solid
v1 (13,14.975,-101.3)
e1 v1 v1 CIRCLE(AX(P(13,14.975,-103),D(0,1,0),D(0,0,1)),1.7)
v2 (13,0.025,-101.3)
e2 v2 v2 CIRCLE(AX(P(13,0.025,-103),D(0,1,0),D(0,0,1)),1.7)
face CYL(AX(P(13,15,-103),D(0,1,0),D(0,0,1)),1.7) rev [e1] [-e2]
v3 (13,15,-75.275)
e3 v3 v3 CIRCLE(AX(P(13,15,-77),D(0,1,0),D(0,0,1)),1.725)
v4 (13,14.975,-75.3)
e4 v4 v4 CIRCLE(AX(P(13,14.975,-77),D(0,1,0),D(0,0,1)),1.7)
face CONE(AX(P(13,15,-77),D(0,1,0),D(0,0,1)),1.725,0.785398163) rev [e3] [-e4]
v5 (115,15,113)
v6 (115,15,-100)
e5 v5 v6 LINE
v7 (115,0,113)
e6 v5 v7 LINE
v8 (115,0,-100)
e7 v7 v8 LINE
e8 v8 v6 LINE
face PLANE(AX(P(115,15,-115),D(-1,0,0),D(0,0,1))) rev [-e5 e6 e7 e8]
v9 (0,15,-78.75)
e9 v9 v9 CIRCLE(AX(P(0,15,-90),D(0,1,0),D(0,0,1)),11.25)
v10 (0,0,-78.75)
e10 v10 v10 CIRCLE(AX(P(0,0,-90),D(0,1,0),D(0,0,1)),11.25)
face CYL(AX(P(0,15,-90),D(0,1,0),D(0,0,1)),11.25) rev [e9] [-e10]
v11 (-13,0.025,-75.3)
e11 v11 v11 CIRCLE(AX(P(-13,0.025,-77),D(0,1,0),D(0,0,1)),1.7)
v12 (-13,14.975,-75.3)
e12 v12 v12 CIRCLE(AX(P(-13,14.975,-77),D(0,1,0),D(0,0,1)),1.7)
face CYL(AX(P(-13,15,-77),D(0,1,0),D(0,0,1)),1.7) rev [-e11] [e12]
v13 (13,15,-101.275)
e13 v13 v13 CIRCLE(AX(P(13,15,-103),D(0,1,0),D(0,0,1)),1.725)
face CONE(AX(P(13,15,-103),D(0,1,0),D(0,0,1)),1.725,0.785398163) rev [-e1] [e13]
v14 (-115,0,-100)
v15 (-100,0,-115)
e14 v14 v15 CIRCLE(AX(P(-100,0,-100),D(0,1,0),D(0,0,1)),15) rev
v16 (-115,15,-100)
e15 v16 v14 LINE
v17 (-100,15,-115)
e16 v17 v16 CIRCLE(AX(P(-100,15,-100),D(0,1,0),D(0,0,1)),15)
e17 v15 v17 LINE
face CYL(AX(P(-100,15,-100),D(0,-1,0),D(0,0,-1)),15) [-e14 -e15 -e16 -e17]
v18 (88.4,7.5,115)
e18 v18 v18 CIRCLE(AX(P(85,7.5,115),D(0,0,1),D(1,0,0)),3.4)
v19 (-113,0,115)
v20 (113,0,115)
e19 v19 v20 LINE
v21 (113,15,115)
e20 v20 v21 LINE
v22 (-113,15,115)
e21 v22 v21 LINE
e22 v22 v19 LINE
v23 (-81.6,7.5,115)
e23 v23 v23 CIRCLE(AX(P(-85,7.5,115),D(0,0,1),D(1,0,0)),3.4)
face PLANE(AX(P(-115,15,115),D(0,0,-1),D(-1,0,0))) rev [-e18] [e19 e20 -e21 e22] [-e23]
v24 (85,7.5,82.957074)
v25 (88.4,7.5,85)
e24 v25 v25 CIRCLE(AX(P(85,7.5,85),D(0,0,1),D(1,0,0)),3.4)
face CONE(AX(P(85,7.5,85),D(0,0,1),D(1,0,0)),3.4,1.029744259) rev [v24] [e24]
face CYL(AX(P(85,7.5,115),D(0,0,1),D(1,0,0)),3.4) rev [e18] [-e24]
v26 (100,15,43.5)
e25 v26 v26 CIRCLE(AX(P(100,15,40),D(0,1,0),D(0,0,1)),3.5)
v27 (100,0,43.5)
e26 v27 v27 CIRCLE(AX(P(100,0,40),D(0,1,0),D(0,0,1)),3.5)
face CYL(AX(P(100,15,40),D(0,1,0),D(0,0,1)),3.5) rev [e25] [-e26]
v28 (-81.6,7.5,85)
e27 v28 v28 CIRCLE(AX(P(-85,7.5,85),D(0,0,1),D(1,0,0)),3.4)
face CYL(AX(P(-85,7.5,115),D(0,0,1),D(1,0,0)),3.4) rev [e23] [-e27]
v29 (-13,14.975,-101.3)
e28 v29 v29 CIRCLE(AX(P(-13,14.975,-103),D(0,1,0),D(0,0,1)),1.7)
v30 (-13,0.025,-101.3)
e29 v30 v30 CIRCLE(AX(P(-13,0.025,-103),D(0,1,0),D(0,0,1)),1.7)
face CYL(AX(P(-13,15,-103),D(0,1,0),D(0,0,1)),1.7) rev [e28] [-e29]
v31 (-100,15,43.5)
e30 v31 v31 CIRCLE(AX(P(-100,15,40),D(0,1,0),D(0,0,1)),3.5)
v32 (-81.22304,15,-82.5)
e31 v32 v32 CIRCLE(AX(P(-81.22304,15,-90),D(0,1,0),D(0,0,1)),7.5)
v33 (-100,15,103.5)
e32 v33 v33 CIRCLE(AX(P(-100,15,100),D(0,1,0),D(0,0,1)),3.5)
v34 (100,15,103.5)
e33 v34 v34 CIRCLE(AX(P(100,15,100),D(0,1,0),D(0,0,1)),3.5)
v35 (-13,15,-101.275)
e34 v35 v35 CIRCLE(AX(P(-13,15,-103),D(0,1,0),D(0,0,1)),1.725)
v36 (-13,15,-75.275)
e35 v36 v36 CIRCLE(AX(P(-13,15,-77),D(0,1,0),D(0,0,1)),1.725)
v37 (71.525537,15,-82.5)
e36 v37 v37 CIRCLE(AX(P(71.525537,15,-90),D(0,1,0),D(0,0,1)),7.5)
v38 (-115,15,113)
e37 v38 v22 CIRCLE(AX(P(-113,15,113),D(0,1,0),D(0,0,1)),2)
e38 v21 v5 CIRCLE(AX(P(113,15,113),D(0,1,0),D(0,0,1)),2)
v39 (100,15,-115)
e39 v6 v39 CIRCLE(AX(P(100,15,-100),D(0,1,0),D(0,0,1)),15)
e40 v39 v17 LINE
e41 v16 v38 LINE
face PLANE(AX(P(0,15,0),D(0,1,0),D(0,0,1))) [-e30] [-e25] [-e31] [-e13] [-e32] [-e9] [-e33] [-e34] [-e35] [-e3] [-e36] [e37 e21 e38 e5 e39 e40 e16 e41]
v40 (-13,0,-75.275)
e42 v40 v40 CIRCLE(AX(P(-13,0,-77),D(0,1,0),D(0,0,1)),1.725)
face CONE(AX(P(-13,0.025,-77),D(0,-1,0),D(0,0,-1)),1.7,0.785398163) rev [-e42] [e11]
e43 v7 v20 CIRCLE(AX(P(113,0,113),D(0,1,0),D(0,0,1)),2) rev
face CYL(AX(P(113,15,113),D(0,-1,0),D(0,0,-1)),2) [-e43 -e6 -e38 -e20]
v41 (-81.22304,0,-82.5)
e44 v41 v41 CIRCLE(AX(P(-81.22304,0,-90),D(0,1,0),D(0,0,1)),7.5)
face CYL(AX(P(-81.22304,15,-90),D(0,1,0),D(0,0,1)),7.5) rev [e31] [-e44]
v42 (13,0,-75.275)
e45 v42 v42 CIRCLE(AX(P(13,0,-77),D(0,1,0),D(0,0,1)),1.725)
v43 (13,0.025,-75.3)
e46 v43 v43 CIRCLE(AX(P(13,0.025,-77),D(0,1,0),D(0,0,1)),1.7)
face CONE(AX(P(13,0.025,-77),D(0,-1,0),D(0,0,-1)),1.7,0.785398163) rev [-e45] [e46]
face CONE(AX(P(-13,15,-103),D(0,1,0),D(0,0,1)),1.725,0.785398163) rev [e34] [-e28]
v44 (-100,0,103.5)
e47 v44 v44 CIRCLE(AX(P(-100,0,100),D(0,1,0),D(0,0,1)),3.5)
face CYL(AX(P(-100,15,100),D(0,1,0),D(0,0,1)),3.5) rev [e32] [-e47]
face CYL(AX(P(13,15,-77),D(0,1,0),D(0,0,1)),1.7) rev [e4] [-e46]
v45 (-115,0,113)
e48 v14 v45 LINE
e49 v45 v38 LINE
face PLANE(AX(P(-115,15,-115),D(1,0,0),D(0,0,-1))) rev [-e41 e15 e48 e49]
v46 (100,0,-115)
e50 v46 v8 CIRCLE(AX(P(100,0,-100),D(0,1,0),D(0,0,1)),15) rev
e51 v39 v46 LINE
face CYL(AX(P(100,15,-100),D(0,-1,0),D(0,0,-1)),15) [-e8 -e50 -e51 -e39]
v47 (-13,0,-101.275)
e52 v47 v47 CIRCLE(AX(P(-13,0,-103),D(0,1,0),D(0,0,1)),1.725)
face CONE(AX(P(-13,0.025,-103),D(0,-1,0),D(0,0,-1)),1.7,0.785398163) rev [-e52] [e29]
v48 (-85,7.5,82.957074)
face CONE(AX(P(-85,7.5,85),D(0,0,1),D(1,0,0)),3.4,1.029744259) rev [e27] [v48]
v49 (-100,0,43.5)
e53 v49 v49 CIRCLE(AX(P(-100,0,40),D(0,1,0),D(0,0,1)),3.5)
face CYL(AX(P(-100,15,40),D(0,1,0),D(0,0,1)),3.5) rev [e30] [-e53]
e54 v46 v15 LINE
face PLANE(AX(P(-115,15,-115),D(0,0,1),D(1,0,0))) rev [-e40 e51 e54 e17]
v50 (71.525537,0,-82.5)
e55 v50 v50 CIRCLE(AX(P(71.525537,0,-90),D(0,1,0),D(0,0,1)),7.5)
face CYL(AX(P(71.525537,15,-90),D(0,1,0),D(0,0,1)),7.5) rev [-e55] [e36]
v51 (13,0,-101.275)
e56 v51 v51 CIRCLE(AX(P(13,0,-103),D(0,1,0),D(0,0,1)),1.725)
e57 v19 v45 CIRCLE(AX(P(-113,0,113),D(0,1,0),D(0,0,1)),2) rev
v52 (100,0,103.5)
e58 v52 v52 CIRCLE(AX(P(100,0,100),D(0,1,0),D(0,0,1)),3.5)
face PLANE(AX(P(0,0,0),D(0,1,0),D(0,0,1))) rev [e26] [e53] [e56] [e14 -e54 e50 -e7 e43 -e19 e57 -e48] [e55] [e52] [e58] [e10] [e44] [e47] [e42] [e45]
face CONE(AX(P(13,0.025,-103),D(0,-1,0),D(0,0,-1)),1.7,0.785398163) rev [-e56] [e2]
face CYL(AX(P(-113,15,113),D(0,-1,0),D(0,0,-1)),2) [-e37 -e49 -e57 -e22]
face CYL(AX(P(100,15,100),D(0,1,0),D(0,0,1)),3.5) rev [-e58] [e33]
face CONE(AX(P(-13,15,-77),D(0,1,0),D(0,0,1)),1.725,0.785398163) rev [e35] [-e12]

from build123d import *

# Parameters (mm, degrees)
SKIZZE1_W                                 = 230
SKIZZE1_H                                 = 230
AUFSATZ_LINEAR_AUSTRAGEN1_DEPTH           = 15
F_15_0_15_DURCHMESSER_BOHRUNG1_D          = 15
F_3_4_3_4_DURCHMESSER_BOHRUNG1_AT_2_COUNT = 2
F_3_4_3_4_DURCHMESSER_BOHRUNG1_AT_2_PITCH = 26
F_3_4_3_4_DURCHMESSER_BOHRUNG1_AT_3_COUNT = 2
F_3_4_3_4_DURCHMESSER_BOHRUNG1_AT_3_PITCH = 26
F_3_4_3_4_DURCHMESSER_BOHRUNG1_AT_4_COUNT = 2
F_3_4_3_4_DURCHMESSER_BOHRUNG1_AT_4_PITCH = 36.769552622
F_22_5_22_5_DURCHMESSER_BOHRUNG1_D        = 22.5
F_7_0_7_DURCHMESSER_BOHRUNG1_D            = 7
VERRUNDUNG5_R                             = 15
VERRUNDUNG6_R                             = 2
M8_GEWINDEBOHRUNG1_D                      = 6.8
M8_GEWINDEBOHRUNG1_DEPTH                  = 30
M8_GEWINDEBOHRUNG1_TIP                    = 2.042926105


with BuildPart() as part:
    # Skizze1 → Aufsatz-Linear austragen1 (new body)
    with BuildSketch(Plane(origin=(0, 0, 0), x_dir=(1, 0, 0), z_dir=(0, 1, 0))):
        Rectangle(SKIZZE1_W, SKIZZE1_H)
    extrude(amount=AUFSATZ_LINEAR_AUSTRAGEN1_DEPTH)

    # Ø15.0 (15) Durchmesser Bohrung1 (through all)
    with Locations(Plane(origin=(0, 15, 0), x_dir=(1, 0, 0), z_dir=(0, 1, 0))):
        with Locations((-81.223039609, 90), (71.525536654, 90)):
            Hole(F_15_0_15_DURCHMESSER_BOHRUNG1_D / 2)

    # Skizze9 → Ø3.4 (3.4) Durchmesser Bohrung1 (revolve, cut)
    with BuildSketch(Plane(origin=(-13, 15, -103), x_dir=(0, 0, 1), z_dir=(1, 0, 0))):
        Polygon((0, 0), (0, 15), (1.725, 15), (1.7, 14.975), (1.7, 0.025), (1.725, 0), align=None)
    f_3_4_3_4_durchmesser_bohrung1 = revolve(axis=Axis((-13, 21.35, -103), (0, -1, 0)), mode=Mode.SUBTRACT)

    # Ø3.4 (3.4) Durchmesser Bohrung1 at 2: Ø3.4 (3.4) Durchmesser Bohrung1 ×2
    with Locations(*[(i * F_3_4_3_4_DURCHMESSER_BOHRUNG1_AT_2_PITCH, 0, 0) for i in range(1, F_3_4_3_4_DURCHMESSER_BOHRUNG1_AT_2_COUNT)]):
        add(f_3_4_3_4_durchmesser_bohrung1, mode=Mode.SUBTRACT)

    # Ø3.4 (3.4) Durchmesser Bohrung1 at 3: Ø3.4 (3.4) Durchmesser Bohrung1 ×2
    with Locations(*[(0, 0, i * F_3_4_3_4_DURCHMESSER_BOHRUNG1_AT_3_PITCH) for i in range(1, F_3_4_3_4_DURCHMESSER_BOHRUNG1_AT_3_COUNT)]):
        add(f_3_4_3_4_durchmesser_bohrung1, mode=Mode.SUBTRACT)

    # Ø3.4 (3.4) Durchmesser Bohrung1 at 4: Ø3.4 (3.4) Durchmesser Bohrung1 ×2
    with Locations(*[Vector(0.7071067811865476, 0, 0.7071067811865475) * (i * F_3_4_3_4_DURCHMESSER_BOHRUNG1_AT_4_PITCH) for i in range(1, F_3_4_3_4_DURCHMESSER_BOHRUNG1_AT_4_COUNT)]):
        add(f_3_4_3_4_durchmesser_bohrung1, mode=Mode.SUBTRACT)

    # Ø22.5 (22.5) Durchmesser Bohrung1 (through all)
    with Locations(Plane(origin=(0, 15, 0), x_dir=(1, 0, 0), z_dir=(0, 1, 0))):
        with Locations((0, 90)):
            Hole(F_22_5_22_5_DURCHMESSER_BOHRUNG1_D / 2)

    # Ø7.0 (7) Durchmesser Bohrung1 (through all)
    with Locations(Plane(origin=(0, 15, 0), x_dir=(1, 0, 0), z_dir=(0, 1, 0))):
        with Locations((-100, -40), (-100, -100), (100, -40), (100, -100)):
            Hole(F_7_0_7_DURCHMESSER_BOHRUNG1_D / 2)

    # Verrundung5
    verrundung5_edges = [part.edges().sort_by_distance(p)[0] for p in [
        (-115, 7.5, -115),
        (115, 7.5, -115),
    ]]
    fillet(verrundung5_edges, radius=VERRUNDUNG5_R)

    # Verrundung6
    verrundung6_edges = [part.edges().sort_by_distance(p)[0] for p in [
        (115, 7.5, 115),
        (-115, 7.5, 115),
    ]]
    fillet(verrundung6_edges, radius=VERRUNDUNG6_R)

    # M8 Gewindebohrung1
    with Locations(Plane.XY.offset(115)):
        with Locations((-85, 7.5), (85, 7.5)):
            Hole(M8_GEWINDEBOHRUNG1_D / 2, depth=M8_GEWINDEBOHRUNG1_DEPTH)
            with Locations((0, 0, -(M8_GEWINDEBOHRUNG1_DEPTH + M8_GEWINDEBOHRUNG1_TIP / 2))):  # 118° drill point
                Cone(0, M8_GEWINDEBOHRUNG1_D / 2, M8_GEWINDEBOHRUNG1_TIP, mode=Mode.SUBTRACT)


solid = part.part
